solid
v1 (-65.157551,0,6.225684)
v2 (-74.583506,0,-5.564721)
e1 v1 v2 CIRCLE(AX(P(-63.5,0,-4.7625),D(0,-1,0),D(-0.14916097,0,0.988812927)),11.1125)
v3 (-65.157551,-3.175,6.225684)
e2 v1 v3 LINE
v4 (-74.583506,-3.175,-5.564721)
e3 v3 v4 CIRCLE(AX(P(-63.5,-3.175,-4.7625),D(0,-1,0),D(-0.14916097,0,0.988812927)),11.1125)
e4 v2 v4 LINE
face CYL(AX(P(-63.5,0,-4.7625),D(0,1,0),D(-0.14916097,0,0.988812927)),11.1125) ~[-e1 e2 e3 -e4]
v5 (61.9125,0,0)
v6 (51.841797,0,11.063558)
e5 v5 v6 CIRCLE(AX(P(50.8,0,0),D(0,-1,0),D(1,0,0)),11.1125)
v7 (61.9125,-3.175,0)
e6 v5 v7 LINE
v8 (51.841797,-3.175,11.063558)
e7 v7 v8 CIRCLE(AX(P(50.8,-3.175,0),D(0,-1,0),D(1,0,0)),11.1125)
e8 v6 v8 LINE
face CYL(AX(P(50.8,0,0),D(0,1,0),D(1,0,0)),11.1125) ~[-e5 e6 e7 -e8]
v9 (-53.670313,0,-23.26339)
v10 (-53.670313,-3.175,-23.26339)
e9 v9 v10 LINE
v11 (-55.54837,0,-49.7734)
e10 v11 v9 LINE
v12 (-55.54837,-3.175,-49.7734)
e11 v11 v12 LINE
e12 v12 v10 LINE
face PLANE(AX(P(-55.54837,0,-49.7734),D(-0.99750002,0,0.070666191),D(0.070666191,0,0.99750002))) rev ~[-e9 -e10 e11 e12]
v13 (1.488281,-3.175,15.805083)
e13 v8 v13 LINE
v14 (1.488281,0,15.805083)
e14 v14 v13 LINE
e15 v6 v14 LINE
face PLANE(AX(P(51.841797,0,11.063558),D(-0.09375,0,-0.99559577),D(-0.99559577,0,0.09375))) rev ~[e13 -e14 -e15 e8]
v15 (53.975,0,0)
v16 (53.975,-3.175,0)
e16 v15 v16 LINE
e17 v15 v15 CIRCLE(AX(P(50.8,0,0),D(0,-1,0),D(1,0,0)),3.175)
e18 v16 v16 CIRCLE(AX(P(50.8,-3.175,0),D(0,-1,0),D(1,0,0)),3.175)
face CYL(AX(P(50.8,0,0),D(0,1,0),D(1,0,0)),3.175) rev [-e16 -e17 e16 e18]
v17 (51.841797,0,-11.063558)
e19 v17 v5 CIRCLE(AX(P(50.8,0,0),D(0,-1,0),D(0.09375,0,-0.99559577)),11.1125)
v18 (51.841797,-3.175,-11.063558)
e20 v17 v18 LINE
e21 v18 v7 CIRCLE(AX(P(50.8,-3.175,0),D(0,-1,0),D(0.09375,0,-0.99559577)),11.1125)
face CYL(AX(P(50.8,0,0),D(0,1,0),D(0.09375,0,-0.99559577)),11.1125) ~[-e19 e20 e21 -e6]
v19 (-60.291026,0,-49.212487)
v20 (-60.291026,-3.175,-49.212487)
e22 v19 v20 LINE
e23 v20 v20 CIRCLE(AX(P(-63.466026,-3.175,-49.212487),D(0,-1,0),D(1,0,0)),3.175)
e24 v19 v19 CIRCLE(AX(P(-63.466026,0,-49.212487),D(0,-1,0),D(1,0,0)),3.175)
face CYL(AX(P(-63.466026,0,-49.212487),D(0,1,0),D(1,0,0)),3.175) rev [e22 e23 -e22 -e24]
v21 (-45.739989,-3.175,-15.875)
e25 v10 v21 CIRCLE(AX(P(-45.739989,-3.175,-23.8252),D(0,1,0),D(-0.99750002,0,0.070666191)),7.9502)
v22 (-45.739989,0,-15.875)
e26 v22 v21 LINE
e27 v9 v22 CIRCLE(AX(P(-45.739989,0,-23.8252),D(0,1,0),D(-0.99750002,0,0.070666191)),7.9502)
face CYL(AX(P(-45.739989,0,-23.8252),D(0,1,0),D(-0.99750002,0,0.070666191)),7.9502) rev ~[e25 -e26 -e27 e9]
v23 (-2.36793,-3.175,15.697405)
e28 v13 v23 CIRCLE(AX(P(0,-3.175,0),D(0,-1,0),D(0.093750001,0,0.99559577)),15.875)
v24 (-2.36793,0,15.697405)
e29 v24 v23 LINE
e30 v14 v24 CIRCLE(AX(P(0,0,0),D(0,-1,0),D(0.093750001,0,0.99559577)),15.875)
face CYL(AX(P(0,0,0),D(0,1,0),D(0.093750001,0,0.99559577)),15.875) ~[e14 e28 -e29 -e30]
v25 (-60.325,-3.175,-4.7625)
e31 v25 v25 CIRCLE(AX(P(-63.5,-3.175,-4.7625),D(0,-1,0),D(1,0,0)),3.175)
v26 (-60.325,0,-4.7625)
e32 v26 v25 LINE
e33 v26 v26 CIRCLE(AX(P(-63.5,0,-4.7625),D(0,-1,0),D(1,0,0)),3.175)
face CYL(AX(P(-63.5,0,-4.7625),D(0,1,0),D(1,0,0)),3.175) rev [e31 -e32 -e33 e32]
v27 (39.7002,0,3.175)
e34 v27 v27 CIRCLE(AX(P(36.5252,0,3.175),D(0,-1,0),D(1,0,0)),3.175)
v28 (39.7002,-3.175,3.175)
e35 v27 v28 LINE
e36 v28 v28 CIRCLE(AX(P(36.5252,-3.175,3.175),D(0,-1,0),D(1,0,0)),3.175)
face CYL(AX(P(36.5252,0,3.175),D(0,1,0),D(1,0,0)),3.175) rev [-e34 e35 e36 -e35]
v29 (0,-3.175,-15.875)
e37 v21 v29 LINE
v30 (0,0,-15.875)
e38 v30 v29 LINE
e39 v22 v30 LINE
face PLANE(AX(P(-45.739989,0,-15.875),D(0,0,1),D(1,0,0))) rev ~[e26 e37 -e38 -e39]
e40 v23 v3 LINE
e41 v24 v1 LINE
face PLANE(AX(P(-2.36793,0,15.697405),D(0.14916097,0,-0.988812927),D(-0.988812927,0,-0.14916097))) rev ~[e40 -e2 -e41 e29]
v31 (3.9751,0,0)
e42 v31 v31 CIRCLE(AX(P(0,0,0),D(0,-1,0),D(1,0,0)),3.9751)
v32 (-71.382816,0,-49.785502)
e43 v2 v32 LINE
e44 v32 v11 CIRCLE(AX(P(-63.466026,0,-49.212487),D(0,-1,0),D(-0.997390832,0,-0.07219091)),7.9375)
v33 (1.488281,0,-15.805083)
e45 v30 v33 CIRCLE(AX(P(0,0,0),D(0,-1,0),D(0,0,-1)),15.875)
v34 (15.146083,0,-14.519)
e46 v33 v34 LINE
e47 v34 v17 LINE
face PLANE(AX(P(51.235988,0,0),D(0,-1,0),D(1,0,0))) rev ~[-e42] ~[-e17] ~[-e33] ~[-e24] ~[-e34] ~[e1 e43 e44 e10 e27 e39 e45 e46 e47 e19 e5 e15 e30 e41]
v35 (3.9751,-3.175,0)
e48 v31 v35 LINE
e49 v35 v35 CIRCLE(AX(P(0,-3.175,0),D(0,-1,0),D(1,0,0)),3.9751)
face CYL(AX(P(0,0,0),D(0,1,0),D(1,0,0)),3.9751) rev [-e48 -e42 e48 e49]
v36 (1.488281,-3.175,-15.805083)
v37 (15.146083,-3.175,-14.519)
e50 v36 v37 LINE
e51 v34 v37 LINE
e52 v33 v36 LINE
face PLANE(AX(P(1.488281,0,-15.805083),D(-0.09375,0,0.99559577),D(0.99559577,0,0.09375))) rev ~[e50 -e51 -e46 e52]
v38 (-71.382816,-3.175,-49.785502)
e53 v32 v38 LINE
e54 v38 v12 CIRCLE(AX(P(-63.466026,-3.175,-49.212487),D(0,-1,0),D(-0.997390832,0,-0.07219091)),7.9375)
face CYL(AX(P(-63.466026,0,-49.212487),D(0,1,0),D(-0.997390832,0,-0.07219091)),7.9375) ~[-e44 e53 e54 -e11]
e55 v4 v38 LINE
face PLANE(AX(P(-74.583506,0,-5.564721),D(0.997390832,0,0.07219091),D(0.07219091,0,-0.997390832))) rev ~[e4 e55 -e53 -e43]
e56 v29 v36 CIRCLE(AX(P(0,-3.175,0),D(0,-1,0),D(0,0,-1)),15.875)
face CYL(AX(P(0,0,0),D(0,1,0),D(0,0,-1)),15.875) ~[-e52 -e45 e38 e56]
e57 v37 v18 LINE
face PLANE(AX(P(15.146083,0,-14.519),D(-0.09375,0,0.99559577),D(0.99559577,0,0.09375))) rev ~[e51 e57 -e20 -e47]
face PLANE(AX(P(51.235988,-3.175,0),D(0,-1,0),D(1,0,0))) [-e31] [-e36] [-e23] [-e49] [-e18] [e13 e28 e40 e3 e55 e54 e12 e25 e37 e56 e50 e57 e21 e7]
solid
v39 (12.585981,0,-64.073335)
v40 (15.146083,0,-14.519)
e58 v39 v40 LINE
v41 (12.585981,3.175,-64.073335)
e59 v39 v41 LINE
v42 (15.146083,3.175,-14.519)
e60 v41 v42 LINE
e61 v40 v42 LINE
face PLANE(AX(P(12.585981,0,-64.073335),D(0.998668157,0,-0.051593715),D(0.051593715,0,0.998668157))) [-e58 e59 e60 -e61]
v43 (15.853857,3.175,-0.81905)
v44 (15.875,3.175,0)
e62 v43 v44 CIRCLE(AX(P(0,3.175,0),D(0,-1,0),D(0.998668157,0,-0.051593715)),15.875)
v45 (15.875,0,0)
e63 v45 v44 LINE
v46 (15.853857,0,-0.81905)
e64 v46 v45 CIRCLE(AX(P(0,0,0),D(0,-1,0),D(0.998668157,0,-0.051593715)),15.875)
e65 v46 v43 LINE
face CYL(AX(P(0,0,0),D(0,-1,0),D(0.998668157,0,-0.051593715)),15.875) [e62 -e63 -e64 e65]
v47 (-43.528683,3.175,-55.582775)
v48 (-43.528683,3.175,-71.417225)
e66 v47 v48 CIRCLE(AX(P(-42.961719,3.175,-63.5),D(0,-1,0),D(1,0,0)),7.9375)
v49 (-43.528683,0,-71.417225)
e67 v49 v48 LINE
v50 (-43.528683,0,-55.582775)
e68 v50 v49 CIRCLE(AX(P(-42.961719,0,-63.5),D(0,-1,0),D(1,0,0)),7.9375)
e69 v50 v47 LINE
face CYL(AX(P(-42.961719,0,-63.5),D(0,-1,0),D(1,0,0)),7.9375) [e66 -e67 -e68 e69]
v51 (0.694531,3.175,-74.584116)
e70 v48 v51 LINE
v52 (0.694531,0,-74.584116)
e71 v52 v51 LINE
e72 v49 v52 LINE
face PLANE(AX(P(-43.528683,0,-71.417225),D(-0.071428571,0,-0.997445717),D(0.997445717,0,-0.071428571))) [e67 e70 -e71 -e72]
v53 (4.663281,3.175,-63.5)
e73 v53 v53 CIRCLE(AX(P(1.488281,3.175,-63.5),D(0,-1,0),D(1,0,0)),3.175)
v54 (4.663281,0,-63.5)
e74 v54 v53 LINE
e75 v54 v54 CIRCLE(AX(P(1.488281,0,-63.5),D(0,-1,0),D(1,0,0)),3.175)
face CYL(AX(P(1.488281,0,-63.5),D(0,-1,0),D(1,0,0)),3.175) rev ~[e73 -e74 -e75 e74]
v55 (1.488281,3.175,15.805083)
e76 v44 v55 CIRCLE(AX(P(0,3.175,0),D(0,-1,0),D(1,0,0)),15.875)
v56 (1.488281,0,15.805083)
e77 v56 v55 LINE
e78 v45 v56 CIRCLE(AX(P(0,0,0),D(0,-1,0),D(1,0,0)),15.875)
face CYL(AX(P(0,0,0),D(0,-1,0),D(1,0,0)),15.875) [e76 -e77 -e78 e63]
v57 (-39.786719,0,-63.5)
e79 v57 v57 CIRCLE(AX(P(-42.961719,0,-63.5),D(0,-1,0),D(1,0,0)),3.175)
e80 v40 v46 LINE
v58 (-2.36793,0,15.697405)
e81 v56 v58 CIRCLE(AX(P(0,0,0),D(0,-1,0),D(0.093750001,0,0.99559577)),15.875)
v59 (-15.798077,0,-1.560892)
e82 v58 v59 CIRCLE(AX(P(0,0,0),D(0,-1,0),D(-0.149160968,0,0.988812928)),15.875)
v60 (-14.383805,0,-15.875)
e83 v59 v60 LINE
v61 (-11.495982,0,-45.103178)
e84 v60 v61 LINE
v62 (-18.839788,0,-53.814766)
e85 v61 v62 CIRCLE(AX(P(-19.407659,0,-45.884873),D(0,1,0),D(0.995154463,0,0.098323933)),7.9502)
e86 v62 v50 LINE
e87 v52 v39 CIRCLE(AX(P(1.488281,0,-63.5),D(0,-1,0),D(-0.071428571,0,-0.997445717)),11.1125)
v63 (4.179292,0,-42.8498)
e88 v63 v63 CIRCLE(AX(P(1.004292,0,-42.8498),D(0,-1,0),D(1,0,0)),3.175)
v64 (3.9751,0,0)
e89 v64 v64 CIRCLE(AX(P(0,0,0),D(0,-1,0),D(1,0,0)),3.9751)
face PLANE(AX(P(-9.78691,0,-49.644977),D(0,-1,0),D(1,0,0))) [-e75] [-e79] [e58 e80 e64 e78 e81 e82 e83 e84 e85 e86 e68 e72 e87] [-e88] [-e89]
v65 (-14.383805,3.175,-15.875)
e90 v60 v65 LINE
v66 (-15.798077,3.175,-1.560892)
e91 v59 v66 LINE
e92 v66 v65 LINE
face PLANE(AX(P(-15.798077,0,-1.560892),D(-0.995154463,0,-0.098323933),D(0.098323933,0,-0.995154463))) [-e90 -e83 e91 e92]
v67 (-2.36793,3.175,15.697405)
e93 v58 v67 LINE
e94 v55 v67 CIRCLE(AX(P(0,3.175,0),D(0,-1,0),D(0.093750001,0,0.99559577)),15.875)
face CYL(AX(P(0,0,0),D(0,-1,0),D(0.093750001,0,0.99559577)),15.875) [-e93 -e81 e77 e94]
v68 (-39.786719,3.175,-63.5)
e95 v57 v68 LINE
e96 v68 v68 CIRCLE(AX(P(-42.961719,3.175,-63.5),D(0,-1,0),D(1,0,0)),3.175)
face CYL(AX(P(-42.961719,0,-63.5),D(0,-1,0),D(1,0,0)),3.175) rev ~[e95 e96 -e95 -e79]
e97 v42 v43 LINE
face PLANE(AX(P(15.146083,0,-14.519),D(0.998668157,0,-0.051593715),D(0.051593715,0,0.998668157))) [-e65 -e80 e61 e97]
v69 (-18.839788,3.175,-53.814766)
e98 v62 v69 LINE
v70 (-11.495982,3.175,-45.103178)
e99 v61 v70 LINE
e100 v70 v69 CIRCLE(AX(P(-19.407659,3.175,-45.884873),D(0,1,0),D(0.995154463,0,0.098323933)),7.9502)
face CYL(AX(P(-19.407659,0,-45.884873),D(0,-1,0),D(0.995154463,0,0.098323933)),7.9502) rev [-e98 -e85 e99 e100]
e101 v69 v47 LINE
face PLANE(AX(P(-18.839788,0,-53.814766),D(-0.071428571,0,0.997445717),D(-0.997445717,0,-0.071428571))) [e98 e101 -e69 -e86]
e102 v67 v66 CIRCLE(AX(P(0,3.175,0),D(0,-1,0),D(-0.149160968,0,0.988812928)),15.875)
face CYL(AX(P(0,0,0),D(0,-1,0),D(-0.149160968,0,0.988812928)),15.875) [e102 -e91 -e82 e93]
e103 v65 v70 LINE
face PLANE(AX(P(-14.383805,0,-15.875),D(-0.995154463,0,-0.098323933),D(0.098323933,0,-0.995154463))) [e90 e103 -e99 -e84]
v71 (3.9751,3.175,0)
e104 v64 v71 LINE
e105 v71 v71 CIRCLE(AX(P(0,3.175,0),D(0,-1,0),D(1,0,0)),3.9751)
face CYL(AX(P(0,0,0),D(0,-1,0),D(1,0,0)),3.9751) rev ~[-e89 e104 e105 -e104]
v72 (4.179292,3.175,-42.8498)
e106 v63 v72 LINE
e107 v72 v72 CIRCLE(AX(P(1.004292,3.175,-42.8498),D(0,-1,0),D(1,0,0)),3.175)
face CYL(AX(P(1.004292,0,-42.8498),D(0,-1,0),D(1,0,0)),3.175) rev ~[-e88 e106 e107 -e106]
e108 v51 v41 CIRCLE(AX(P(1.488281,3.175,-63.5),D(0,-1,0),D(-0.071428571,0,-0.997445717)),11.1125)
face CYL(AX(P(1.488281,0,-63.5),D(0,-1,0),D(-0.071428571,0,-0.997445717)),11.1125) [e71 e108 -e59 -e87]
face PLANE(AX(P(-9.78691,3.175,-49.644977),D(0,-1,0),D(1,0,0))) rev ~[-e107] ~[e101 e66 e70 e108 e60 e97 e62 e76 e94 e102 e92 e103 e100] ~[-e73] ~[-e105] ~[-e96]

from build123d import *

# Parameters (mm, degrees)
F0_R     = 3.175
F0_R_2   = 3.9751
F1_DEPTH = 3.175
F2_DEPTH = 3.175


with BuildPart() as f1:
    # F0 (on Front) → F1 (new body)
    with BuildSketch(Plane.XZ):
        with BuildLine():
            ThreePointArc((61.9125, 0), (59.0178045737, 7.4803304899), (51.841796875, 11.0635579956))
            ThreePointArc((51.841796875, 11.0635579956), (39.6875, 0), (51.841796875, -11.0635579956))
            ThreePointArc((51.841796875, -11.0635579956), (59.0178045737, -7.4803304899), (61.9125, 0))
        make_face()
        with Locations((50.8, 0)):
            Circle(F0_R, mode=Mode.SUBTRACT)
        with BuildLine():
            ThreePointArc((-52.3875, -4.7625), (-56.2519617234, 3.6608958349), (-65.1575512741, 6.2256836544))
            ThreePointArc((-65.1575512741, 6.2256836544), (-72.1796915901, 2.1765640688), (-74.5835056245, -5.5647214913))
            ThreePointArc((-74.5835056245, -5.5647214913), (-63.0986273568, -15.8677490405), (-52.3875, -4.7625))
        make_face()
        with Locations((-63.5, -4.7625)):
            Circle(F0_R, mode=Mode.SUBTRACT)
        with BuildLine():
            ThreePointArc((-55.5285263289, -49.2124870168), (-63.7527210741, -41.2801662735), (-71.3828160607, -49.7855023677))
            ThreePointArc((-71.3828160607, -49.7855023677), (-63.4599596019, -57.1499846983), (-55.5483699218, -49.773399906))
            ThreePointArc((-55.5483699218, -49.773399906), (-55.5334887783, -49.4931189098), (-55.5285263289, -49.2124870168))
        make_face()
        with Locations((-63.4660263289, -49.2124870168)):
            Circle(F0_R, mode=Mode.SUBTRACT)
        with BuildLine():
            ThreePointArc((15.8538569984, -0.8190502266), (11.4600494419, -10.9855765342), (1.48828125, -15.8050828508))
            Line((1.48828125, -15.8050828508), (15.1460830642, -14.518999725))
            Line((15.1460830642, -14.518999725), (15.8538569984, -0.8190502266))
        make_face()
        with BuildLine():
            Line((-14.3838048337, -15.875), (-15.7980770924, -1.5608924319))
            ThreePointArc((-15.7980770924, -1.5608924319), (-12.528494171, 9.7494850534), (-2.3679303595, 15.6974052255))
            Line((-2.3679303595, 15.6974052255), (-65.1575512741, 6.2256836544))
            ThreePointArc((-65.1575512741, 6.2256836544), (-56.2519617234, 3.6608958349), (-52.3875, -4.7625))
            ThreePointArc((-52.3875, -4.7625), (-63.0986273568, -15.8677490405), (-74.5835056245, -5.5647214913))
            Line((-74.5835056245, -5.5647214913), (-71.3828160607, -49.7855023677))
            ThreePointArc((-71.3828160607, -49.7855023677), (-63.7527210741, -41.2801662735), (-55.5285263289, -49.2124870168))
            ThreePointArc((-55.5285263289, -49.2124870168), (-55.5334887783, -49.4931189098), (-55.5483699218, -49.773399906))
            Line((-55.5483699218, -49.773399906), (-53.6703133755, -23.2633896501))
            ThreePointArc((-53.6703133755, -23.2633896501), (-51.1593602406, -18.0083200509), (-45.7399887181, -15.875))
            Line((-45.7399887181, -15.875), (-14.3838048337, -15.875))
        make_face()
        with BuildLine():
            Line((51.841796875, 11.0635579956), (1.4882812706, 15.8050828489))
            ThreePointArc((1.4882812706, 15.8050828489), (11.7397208265, 10.6861864065), (15.875, 0))
            ThreePointArc((15.875, 0), (15.8697133693, -0.4096615372), (15.8538569984, -0.8190502266))
            Line((15.8538569984, -0.8190502266), (15.1460830642, -14.518999725))
            Line((15.1460830642, -14.518999725), (51.841796875, -11.0635579956))
            ThreePointArc((51.841796875, -11.0635579956), (39.6875, 0), (51.841796875, 11.0635579956))
        make_face()
        with Locations((36.5252, 3.175)):
            Circle(F0_R, mode=Mode.SUBTRACT)
        with BuildLine():
            ThreePointArc((-2.3679303595, 15.6974052255), (-12.528494171, 9.7494850534), (-15.7980770924, -1.5608924319))
            ThreePointArc((-15.7980770924, -1.5608924319), (-10.6591851857, -11.7642422696), (0, -15.875))
            ThreePointArc((0, -15.875), (0.7449613223, -15.8575110792), (1.48828125, -15.8050828508))
            ThreePointArc((1.48828125, -15.8050828508), (11.4600494419, -10.9855765342), (15.8538569984, -0.8190502266))
            ThreePointArc((15.8538569984, -0.8190502266), (15.8697133693, -0.4096615372), (15.875, 0))
            ThreePointArc((15.875, 0), (11.7397208265, 10.6861864065), (1.4882812706, 15.8050828489))
            ThreePointArc((1.4882812706, 15.8050828489), (-0.4431074899, 15.8688147242), (-2.3679303595, 15.6974052255))
        make_face()
        Circle(F0_R_2, mode=Mode.SUBTRACT)
        with BuildLine():
            ThreePointArc((0, -15.875), (-10.6591851857, -11.7642422696), (-15.7980770924, -1.5608924319))
            Line((-15.7980770924, -1.5608924319), (-14.3838048337, -15.875))
            Line((-14.3838048337, -15.875), (0, -15.875))
        make_face()
    extrude(amount=F1_DEPTH)


with BuildPart() as f2:
    # F0 (on Front) → F2 (new body)
    with BuildSketch(Plane.XZ):
        with BuildLine():
            ThreePointArc((1.48828125, -15.8050828508), (0.7449613223, -15.8575110792), (0, -15.875))
            Line((0, -15.875), (-14.3838048337, -15.875))
            Line((-14.3838048337, -15.875), (-11.4959823505, -45.1031782447))
            ThreePointArc((-11.4959823505, -45.1031782447), (-13.3291211923, -51.0090368921), (-18.8397879298, -53.8147661171))
            Line((-18.8397879298, -53.8147661171), (-43.5286830357, -55.582774618))
            ThreePointArc((-43.5286830357, -55.582774618), (-37.5532241705, -57.6903448782), (-35.02421875, -63.5))
            ThreePointArc((-35.02421875, -63.5), (-37.5532241705, -69.3096551218), (-43.5286830357, -71.417225382))
            Line((-43.5286830357, -71.417225382), (0.69453125, -74.5841155347))
            ThreePointArc((0.69453125, -74.5841155347), (-6.0836111612, -55.3664828295), (12.60078125, -63.5))
            ThreePointArc((12.60078125, -63.5), (12.5970806085, -63.786763076), (12.5859811489, -64.0733351586))
            Line((12.5859811489, -64.0733351586), (15.1460830642, -14.518999725))
            Line((15.1460830642, -14.518999725), (1.48828125, -15.8050828508))
        make_face()
        with Locations((1.0042921875, -42.8498)):
            Circle(F0_R, mode=Mode.SUBTRACT)
        with BuildLine():
            ThreePointArc((0.69453125, -74.5841155347), (8.847763019, -71.8262046781), (12.5859811489, -64.0733351586))
            ThreePointArc((12.5859811489, -64.0733351586), (12.5970806085, -63.786763076), (12.60078125, -63.5))
            ThreePointArc((12.60078125, -63.5), (-6.0836111612, -55.3664828295), (0.69453125, -74.5841155347))
        make_face()
        with Locations((1.48828125, -63.5)):
            Circle(F0_R, mode=Mode.SUBTRACT)
        with BuildLine():
            ThreePointArc((-35.02421875, -63.5), (-37.5532241705, -57.6903448782), (-43.5286830357, -55.582774618))
            ThreePointArc((-43.5286830357, -55.582774618), (-50.89921875, -63.5), (-43.5286830357, -71.417225382))
            ThreePointArc((-43.5286830357, -71.417225382), (-37.5532241705, -69.3096551218), (-35.02421875, -63.5))
        make_face()
        with Locations((-42.96171875, -63.5)):
            Circle(F0_R, mode=Mode.SUBTRACT)
        with BuildLine():
            ThreePointArc((-2.3679303595, 15.6974052255), (-12.528494171, 9.7494850534), (-15.7980770924, -1.5608924319))
            ThreePointArc((-15.7980770924, -1.5608924319), (-10.6591851857, -11.7642422696), (0, -15.875))
            ThreePointArc((0, -15.875), (0.7449613223, -15.8575110792), (1.48828125, -15.8050828508))
            ThreePointArc((1.48828125, -15.8050828508), (11.4600494419, -10.9855765342), (15.8538569984, -0.8190502266))
            ThreePointArc((15.8538569984, -0.8190502266), (15.8697133693, -0.4096615372), (15.875, 0))
            ThreePointArc((15.875, 0), (11.7397208265, 10.6861864065), (1.4882812706, 15.8050828489))
            ThreePointArc((1.4882812706, 15.8050828489), (-0.4431074899, 15.8688147242), (-2.3679303595, 15.6974052255))
        make_face()
        Circle(F0_R_2, mode=Mode.SUBTRACT)
        with BuildLine():
            ThreePointArc((15.8538569984, -0.8190502266), (11.4600494419, -10.9855765342), (1.48828125, -15.8050828508))
            Line((1.48828125, -15.8050828508), (15.1460830642, -14.518999725))
            Line((15.1460830642, -14.518999725), (15.8538569984, -0.8190502266))
        make_face()
        with BuildLine():
            ThreePointArc((0, -15.875), (-10.6591851857, -11.7642422696), (-15.7980770924, -1.5608924319))
            Line((-15.7980770924, -1.5608924319), (-14.3838048337, -15.875))
            Line((-14.3838048337, -15.875), (0, -15.875))
        make_face()
    extrude(amount=-F2_DEPTH)


solid = Compound([f1.part, f2.part])
